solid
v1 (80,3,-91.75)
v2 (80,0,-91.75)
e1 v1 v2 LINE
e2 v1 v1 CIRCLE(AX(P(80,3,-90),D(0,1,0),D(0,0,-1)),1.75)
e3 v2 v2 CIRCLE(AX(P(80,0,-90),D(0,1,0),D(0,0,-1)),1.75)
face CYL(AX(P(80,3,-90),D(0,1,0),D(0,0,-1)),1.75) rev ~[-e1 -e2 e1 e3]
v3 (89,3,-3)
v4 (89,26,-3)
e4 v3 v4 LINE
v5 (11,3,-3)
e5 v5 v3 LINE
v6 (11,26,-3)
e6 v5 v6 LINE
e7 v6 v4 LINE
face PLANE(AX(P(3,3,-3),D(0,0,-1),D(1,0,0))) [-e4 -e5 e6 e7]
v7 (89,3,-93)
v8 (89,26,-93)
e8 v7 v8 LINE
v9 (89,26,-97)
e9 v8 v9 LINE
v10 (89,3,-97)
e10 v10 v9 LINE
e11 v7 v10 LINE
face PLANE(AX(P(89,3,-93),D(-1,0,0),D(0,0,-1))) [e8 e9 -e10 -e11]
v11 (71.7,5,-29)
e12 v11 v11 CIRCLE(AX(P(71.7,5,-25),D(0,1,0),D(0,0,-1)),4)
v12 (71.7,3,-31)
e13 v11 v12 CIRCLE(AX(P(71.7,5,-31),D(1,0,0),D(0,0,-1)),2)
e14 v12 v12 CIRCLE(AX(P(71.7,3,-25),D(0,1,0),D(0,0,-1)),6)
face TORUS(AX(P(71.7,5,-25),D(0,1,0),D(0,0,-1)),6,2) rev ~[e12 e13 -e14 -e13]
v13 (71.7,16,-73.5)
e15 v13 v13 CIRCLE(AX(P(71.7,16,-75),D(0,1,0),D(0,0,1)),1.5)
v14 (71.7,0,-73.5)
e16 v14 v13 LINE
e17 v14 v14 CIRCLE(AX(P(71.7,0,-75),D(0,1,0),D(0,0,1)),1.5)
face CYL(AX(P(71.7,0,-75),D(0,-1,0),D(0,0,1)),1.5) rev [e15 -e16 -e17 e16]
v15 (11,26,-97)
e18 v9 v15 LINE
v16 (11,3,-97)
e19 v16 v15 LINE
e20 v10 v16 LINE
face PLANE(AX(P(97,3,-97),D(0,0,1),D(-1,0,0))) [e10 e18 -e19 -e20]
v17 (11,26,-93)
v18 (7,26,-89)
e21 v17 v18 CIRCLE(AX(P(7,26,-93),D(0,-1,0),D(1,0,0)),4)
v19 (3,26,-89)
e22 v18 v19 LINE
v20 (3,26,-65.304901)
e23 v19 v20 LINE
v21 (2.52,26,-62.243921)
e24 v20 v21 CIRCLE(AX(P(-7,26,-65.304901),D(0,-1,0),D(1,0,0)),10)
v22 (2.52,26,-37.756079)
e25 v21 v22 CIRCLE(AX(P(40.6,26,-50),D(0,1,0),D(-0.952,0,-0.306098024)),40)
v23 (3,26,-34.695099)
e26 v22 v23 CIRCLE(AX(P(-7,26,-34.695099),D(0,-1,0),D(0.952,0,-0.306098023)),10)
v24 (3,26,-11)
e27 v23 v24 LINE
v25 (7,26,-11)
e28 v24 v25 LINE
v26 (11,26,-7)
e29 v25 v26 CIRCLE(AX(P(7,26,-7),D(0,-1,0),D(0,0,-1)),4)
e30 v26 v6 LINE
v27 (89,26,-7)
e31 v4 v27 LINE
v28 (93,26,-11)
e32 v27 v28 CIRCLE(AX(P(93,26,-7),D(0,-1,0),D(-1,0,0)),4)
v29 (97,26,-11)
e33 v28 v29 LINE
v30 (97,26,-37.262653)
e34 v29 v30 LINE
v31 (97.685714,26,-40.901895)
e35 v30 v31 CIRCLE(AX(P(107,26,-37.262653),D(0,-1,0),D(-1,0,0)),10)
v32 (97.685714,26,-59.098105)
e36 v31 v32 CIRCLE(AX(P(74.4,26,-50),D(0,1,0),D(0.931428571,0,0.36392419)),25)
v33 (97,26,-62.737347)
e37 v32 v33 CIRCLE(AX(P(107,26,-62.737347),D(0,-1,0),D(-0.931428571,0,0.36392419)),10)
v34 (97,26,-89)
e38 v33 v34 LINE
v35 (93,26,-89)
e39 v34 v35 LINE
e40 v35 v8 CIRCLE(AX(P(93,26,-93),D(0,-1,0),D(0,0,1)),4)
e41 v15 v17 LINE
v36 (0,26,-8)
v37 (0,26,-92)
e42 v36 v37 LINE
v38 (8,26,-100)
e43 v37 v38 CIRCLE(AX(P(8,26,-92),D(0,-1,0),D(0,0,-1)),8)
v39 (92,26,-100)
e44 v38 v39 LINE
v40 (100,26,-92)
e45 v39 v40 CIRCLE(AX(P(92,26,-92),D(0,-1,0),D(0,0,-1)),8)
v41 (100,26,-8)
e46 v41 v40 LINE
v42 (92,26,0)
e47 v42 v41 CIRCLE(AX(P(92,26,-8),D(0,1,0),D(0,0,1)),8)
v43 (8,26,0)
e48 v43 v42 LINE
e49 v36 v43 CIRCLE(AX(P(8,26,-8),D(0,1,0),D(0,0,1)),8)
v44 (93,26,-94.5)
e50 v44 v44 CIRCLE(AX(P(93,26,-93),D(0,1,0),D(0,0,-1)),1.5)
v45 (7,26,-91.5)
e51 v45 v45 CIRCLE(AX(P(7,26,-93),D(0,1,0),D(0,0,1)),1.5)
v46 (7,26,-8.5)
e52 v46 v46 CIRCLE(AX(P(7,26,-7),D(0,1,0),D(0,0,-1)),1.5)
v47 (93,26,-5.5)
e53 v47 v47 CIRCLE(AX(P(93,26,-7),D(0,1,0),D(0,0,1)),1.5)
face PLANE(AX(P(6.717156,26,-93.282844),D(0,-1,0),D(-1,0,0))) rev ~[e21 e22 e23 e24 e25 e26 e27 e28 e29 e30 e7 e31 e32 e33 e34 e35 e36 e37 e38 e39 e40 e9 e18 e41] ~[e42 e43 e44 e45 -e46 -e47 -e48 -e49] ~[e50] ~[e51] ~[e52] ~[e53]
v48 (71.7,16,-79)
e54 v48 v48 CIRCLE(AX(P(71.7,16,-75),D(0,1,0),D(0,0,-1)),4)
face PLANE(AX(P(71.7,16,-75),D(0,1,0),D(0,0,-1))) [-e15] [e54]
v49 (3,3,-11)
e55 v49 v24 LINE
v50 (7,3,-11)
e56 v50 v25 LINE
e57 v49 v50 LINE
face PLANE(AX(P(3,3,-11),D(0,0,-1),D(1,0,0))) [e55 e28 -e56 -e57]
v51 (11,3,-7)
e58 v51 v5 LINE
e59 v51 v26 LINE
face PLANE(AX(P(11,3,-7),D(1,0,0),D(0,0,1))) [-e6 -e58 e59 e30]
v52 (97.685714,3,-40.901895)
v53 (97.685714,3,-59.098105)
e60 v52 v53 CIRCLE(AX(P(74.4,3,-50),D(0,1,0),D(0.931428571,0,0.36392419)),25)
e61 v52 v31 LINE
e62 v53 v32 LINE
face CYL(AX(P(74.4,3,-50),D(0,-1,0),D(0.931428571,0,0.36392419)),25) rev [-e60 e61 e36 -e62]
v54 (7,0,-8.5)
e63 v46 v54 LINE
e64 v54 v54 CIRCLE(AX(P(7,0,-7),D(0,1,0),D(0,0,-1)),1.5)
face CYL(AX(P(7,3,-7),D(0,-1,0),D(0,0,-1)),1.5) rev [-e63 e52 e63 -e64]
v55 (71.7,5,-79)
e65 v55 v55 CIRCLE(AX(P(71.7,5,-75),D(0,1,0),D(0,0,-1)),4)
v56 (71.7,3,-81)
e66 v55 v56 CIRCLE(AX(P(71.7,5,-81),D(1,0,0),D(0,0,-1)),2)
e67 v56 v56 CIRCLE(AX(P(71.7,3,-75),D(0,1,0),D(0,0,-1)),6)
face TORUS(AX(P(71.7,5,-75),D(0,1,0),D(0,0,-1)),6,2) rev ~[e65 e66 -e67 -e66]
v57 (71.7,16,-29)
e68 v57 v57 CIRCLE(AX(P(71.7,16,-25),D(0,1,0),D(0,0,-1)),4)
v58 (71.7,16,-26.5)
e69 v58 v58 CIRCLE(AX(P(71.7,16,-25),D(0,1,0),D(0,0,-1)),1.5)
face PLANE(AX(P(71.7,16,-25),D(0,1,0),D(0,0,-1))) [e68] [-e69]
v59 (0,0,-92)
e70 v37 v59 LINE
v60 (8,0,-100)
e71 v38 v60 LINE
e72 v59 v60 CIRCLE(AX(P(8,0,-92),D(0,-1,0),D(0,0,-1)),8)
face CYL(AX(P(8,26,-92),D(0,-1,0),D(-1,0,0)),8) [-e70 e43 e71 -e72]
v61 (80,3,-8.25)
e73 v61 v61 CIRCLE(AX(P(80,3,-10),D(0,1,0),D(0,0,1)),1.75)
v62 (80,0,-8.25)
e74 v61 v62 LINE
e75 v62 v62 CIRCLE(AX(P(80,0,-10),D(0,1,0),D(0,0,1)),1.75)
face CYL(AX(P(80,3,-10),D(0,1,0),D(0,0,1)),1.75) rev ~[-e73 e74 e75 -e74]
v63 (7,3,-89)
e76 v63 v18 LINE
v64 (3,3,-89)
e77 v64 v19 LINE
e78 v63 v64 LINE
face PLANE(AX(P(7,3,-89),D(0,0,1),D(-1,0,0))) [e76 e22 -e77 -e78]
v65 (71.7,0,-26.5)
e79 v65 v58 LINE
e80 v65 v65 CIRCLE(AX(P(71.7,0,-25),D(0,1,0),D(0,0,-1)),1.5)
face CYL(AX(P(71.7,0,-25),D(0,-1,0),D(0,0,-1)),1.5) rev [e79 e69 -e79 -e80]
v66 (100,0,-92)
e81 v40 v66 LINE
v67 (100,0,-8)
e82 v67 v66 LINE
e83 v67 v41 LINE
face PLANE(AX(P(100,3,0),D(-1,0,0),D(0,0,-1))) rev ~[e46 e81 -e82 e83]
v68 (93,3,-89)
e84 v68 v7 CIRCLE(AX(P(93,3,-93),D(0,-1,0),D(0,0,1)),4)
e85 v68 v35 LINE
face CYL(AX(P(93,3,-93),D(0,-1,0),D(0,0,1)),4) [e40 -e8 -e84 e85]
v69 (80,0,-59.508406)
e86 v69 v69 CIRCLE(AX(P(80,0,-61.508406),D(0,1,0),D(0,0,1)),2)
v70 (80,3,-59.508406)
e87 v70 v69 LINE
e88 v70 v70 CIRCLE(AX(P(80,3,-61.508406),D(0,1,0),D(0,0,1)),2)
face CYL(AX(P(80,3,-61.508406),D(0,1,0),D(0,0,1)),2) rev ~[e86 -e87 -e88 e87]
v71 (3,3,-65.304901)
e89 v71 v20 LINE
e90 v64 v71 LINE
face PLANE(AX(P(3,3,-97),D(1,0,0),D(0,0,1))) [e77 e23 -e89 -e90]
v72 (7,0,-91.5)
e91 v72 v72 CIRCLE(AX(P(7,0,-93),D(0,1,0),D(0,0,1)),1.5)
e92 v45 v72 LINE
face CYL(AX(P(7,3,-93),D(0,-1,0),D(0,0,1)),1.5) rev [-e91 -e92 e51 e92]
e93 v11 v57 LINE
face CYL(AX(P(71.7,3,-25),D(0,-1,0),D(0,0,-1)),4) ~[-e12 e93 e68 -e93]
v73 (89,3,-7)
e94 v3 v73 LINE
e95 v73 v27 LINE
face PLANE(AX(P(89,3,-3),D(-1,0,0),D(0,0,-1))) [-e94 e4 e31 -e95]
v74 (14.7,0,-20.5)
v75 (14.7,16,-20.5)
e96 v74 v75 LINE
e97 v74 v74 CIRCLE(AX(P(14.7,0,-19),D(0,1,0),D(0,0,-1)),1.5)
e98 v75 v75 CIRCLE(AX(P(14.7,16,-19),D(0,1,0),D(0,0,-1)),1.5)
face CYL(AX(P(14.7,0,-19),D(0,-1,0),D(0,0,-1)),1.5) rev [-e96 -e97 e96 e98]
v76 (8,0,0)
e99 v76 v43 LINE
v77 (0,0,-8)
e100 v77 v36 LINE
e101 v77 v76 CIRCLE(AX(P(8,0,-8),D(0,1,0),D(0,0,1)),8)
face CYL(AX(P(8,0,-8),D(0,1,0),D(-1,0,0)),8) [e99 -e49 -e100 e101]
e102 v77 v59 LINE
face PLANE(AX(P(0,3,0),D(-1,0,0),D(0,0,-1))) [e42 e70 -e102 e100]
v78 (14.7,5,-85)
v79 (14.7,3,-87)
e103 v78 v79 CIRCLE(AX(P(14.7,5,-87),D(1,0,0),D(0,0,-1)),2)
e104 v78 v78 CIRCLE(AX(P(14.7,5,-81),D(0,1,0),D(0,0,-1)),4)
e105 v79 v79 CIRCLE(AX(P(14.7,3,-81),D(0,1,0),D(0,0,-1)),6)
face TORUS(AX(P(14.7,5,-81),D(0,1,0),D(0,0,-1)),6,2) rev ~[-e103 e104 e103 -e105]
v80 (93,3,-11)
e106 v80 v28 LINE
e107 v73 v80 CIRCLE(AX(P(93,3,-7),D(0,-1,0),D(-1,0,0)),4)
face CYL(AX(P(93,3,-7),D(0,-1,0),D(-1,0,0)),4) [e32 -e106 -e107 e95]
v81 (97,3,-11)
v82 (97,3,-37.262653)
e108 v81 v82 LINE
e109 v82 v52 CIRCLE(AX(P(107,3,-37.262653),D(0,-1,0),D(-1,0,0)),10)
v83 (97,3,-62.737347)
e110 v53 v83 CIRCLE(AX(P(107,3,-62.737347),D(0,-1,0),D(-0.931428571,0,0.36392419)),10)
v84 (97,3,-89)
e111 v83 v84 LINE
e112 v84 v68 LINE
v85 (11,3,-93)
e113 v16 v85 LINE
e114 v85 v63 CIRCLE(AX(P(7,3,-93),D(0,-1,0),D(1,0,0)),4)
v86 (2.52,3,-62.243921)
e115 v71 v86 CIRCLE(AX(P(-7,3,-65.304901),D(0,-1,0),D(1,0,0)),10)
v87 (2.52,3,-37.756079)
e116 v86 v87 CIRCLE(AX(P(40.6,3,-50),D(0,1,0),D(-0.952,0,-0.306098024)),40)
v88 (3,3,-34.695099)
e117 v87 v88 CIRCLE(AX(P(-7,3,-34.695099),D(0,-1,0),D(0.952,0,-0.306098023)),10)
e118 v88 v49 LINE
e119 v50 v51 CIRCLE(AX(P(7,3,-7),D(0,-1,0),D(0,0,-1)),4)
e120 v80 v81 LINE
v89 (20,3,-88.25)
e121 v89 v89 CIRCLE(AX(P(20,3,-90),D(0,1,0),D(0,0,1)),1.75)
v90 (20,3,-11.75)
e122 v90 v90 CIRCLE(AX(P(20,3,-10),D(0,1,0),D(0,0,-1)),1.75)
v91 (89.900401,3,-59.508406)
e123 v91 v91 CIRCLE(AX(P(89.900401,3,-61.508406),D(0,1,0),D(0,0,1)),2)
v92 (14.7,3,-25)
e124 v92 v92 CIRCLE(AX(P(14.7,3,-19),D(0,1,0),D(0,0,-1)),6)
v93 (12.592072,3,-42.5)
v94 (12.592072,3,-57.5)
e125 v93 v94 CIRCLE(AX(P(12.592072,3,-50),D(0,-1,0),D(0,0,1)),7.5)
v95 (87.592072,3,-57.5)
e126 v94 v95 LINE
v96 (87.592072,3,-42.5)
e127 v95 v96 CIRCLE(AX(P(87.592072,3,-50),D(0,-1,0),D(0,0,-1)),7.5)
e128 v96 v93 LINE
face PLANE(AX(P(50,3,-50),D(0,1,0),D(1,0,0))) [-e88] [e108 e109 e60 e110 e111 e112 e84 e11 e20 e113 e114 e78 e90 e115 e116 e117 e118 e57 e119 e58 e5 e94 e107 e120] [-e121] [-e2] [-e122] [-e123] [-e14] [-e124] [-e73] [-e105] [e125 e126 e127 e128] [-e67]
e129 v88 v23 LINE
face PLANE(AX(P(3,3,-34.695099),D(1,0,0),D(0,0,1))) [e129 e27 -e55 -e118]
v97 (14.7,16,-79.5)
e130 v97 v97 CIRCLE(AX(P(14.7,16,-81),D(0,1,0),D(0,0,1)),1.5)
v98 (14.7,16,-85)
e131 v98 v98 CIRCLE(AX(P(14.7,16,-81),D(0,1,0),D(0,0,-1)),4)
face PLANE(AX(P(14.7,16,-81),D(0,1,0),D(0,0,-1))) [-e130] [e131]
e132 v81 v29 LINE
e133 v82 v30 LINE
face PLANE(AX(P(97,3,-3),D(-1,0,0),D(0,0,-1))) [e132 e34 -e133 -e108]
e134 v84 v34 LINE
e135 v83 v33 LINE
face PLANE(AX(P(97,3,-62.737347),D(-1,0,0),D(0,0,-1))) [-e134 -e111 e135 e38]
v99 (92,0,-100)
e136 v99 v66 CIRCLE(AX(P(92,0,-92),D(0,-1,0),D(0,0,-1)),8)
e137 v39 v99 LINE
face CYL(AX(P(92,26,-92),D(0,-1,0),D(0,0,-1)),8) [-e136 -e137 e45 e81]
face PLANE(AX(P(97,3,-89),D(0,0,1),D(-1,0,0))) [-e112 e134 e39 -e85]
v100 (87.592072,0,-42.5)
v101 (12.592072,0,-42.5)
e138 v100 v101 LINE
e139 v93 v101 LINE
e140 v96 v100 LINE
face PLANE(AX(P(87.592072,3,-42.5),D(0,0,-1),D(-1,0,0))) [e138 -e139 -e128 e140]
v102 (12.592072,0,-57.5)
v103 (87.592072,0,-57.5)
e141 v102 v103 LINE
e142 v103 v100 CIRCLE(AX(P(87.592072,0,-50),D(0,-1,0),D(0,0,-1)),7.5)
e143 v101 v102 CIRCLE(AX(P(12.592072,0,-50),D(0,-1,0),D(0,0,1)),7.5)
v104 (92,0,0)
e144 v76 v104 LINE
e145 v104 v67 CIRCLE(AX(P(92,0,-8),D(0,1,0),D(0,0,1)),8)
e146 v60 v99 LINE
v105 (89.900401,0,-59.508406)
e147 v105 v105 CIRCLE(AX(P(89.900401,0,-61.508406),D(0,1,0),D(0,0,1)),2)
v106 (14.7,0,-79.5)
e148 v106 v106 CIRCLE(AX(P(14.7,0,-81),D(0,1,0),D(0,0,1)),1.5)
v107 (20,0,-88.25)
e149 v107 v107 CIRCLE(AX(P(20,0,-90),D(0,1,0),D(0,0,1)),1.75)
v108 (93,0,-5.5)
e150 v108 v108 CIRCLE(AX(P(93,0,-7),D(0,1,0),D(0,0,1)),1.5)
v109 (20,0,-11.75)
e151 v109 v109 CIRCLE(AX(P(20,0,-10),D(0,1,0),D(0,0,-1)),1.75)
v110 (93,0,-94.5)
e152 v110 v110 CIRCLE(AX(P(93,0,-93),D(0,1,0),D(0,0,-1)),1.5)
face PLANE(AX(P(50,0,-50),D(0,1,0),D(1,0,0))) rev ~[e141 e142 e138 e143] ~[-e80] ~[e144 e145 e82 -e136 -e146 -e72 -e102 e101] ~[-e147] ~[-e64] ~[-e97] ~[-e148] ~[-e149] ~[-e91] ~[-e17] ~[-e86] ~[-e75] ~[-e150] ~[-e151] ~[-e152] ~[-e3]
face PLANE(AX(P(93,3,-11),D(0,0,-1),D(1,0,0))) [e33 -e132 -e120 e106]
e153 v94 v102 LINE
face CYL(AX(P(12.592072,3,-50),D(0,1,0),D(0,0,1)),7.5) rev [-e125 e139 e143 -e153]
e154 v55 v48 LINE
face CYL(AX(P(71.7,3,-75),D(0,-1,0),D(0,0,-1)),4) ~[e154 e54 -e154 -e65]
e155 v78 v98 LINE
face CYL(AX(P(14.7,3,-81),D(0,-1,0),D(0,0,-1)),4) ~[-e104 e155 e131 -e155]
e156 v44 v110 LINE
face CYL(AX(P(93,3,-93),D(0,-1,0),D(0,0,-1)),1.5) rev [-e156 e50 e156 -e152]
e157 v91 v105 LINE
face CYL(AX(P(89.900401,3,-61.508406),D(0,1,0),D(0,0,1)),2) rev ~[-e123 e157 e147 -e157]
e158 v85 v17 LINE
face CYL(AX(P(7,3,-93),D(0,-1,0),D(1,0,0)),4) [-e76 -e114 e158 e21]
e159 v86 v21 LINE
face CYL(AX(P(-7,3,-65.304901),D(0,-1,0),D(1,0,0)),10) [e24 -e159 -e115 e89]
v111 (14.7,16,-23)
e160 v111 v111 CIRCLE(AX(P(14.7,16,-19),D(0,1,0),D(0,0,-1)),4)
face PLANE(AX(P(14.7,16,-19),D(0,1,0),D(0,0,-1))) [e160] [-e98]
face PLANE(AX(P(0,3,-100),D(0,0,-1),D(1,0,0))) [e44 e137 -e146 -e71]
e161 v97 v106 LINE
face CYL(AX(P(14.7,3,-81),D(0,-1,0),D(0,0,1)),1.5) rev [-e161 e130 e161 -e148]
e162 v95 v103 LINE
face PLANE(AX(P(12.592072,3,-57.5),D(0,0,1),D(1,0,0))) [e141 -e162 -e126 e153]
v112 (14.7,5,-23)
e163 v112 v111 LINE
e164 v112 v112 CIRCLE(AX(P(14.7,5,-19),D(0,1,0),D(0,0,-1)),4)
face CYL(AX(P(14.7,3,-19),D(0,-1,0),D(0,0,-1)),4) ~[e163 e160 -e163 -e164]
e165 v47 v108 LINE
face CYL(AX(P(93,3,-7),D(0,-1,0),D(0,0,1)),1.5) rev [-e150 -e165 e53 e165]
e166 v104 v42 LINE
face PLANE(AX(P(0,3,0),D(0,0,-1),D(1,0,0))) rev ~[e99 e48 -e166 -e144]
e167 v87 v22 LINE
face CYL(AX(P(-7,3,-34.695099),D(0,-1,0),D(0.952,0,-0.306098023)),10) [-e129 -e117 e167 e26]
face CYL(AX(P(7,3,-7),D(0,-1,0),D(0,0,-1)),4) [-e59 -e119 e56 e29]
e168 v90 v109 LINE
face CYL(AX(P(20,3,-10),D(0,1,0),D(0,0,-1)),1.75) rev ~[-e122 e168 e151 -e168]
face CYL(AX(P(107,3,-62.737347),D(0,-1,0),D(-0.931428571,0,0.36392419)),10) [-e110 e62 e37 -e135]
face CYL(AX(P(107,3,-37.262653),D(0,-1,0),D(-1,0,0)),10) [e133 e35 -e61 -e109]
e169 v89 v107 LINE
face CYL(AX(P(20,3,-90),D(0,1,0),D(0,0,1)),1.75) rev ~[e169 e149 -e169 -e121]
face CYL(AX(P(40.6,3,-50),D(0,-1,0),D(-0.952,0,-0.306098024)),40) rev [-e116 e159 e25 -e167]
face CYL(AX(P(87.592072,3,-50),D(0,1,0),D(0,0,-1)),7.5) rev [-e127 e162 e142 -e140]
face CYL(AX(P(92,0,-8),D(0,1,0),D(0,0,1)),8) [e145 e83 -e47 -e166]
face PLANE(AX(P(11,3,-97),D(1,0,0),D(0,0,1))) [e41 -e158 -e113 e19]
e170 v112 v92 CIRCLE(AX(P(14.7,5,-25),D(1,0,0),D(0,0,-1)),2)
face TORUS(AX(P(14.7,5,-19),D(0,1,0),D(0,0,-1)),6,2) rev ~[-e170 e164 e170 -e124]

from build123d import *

# Parameters (mm, degrees)
SKETCH_1_W          = 100
SKETCH_1_H          = 100
SKETCH_1_R          = 1.5
EXTRUDE_1_DEPTH     = 3
SKETCH_4_W          = 100
SKETCH_4_H          = 100
EXTRUDE_4_DEPTH     = 23
SKETCH_5_R          = 4
SKETCH_5_R_2        = 1.5
EXTRUDE_5_DEPTH     = 13
FILLET_2_R          = 2
FILLET_3_R          = 8
SKETCH_7_R          = 1.5
EXTRUDE_6_DEPTH     = 23
SKETCH_8_R          = 1.75
SKETCH_8_R_2        = 2
CUT_EXTRUDE_2_DEPTH = 3


with BuildPart() as part:
    # Эскиз1 → Бобышка-Вытянуть1 (new body)
    with BuildSketch(Plane(origin=(0, 0, 0), x_dir=(1, 0, 0), z_dir=(0, 1, 0))):
        with Locations((50, 50)):
            Rectangle(SKETCH_1_W, SKETCH_1_H)
        with Locations(Location((14.7, 81, 0), (0, 0, 270))):
            Circle(SKETCH_1_R, mode=Mode.SUBTRACT)
        with Locations(Location((71.7, 75, 0), (0, 0, 270))):
            Circle(SKETCH_1_R, mode=Mode.SUBTRACT)
        with Locations(Location((71.7, 25, 0), (0, 0, 90))):
            Circle(SKETCH_1_R, mode=Mode.SUBTRACT)
        with Locations(Location((14.7, 19, 0), (0, 0, 90))):
            Circle(SKETCH_1_R, mode=Mode.SUBTRACT)
        with Locations(Location((7, 93, 0), (0, 0, 270))):
            Circle(SKETCH_1_R, mode=Mode.SUBTRACT)
        with Locations(Location((93, 93, 0), (0, 0, 90))):
            Circle(SKETCH_1_R, mode=Mode.SUBTRACT)
        with Locations(Location((93, 7, 0), (0, 0, 270))):
            Circle(SKETCH_1_R, mode=Mode.SUBTRACT)
        with Locations(Location((7, 7, 0), (0, 0, 90))):
            Circle(SKETCH_1_R, mode=Mode.SUBTRACT)
    extrude(amount=EXTRUDE_1_DEPTH)

    # Эскиз4 → Бобышка-Вытянуть4 (add)
    with BuildSketch(Plane(origin=(0, 3, 0), x_dir=(1, 0, 0), z_dir=(0, 1, 0))):
        with Locations((50, 50)):
            Rectangle(SKETCH_4_W, SKETCH_4_H)
        with BuildLine():
            Line((97, 97), (3, 97))
            Line((3, 97), (3, 65.304901176))
            ThreePointArc((3, 65.304901176), (2.879271228, 63.755707837), (2.52, 62.243920941))
            ThreePointArc((2.52, 62.243920941), (0.6, 50), (2.52, 37.756079059))
            ThreePointArc((2.52, 37.756079059), (2.879271228, 36.244292163), (3, 34.695098824))
            Line((3, 34.695098824), (3, 3))
            Line((3, 3), (97, 3))
            Line((97, 3), (97, 37.262653338))
            ThreePointArc((97, 37.262653338), (97.172923702, 39.114293537), (97.685714286, 40.901895241))
            ThreePointArc((97.685714286, 40.901895241), (99.4, 50), (97.685714286, 59.098104759))
            ThreePointArc((97.685714286, 59.098104759), (97.172923702, 60.885706463), (97, 62.737346662))
            Line((97, 62.737346662), (97, 97))
        make_face(mode=Mode.SUBTRACT)
    extrude(amount=EXTRUDE_4_DEPTH)

    # Эскиз5 → Бобышка-Вытянуть5 (add)
    # profile 1 of 4: a face of its own
    with BuildSketch(Plane(origin=(0, 3, 0), x_dir=(1, 0, 0), z_dir=(0, 1, 0))):
        with Locations(Location((14.7, 81, 0), (0, 0, 90))):
            Circle(SKETCH_5_R)
        with Locations(Location((14.7, 81, 0), (0, 0, 270))):
            Circle(SKETCH_5_R_2, mode=Mode.SUBTRACT)
    # profile 2 of 4: a face of its own
    with BuildSketch(Plane(origin=(0, 3, 0), x_dir=(1, 0, 0), z_dir=(0, 1, 0))):
        with Locations(Location((71.7, 75, 0), (0, 0, 90))):
            Circle(SKETCH_5_R)
        with Locations(Location((71.7, 75, 0), (0, 0, 270))):
            Circle(SKETCH_5_R_2, mode=Mode.SUBTRACT)
    # profile 3 of 4: a face of its own
    with BuildSketch(Plane(origin=(0, 3, 0), x_dir=(1, 0, 0), z_dir=(0, 1, 0))):
        with Locations(Location((71.7, 25, 0), (0, 0, 90))):
            Circle(SKETCH_5_R)
        with Locations(Location((71.7, 25, 0), (0, 0, 90))):
            Circle(SKETCH_5_R_2, mode=Mode.SUBTRACT)
    # profile 4 of 4: a face of its own
    with BuildSketch(Plane(origin=(0, 3, 0), x_dir=(1, 0, 0), z_dir=(0, 1, 0))):
        with Locations(Location((14.7, 19, 0), (0, 0, 90))):
            Circle(SKETCH_5_R)
        with Locations(Location((14.7, 19, 0), (0, 0, 90))):
            Circle(SKETCH_5_R_2, mode=Mode.SUBTRACT)
    extrude(amount=EXTRUDE_5_DEPTH)

    # Скругление2
    fillet_2_edges = [part.edges().sort_by_distance(p)[0] for p in [
        (71.7, 3, -21),
        (14.7, 3, -15),
        (14.7, 3, -77),
        (71.7, 3, -71),
    ]]
    fillet(fillet_2_edges, radius=FILLET_2_R)

    # Скругление3
    fillet_3_edges = [part.edges().sort_by_distance(p)[0] for p in [
        (0, 13, -100),
        (100, 13, -100),
        (100, 13, 0),
        (0, 13, 0),
    ]]
    fillet(fillet_3_edges, radius=FILLET_3_R)

    # Эскиз7 → Бобышка-Вытянуть6 (add)
    # profile 1 of 4: a face of its own
    with BuildSketch(Plane(origin=(0, 3, 0), x_dir=(1, 0, 0), z_dir=(0, 1, 0))):
        with BuildLine():
            Line((3, 89), (3, 97))
            Line((3, 97), (11, 97))
            Line((11, 97), (11, 93))
            ThreePointArc((11, 93), (9.828427125, 90.171572875), (7, 89))
            Line((7, 89), (3, 89))
        make_face()
        with Locations(Location((7, 93, 0), (0, 0, 270))):
            Circle(SKETCH_7_R, mode=Mode.SUBTRACT)
    # profile 2 of 4: a face of its own
    with BuildSketch(Plane(origin=(0, 3, 0), x_dir=(1, 0, 0), z_dir=(0, 1, 0))):
        with BuildLine():
            Line((89, 93), (89, 97))
            Line((89, 97), (97, 97))
            Line((97, 97), (97, 89))
            Line((97, 89), (93, 89))
            ThreePointArc((93, 89), (90.171572875, 90.171572875), (89, 93))
        make_face()
        with Locations(Location((93, 93, 0), (0, 0, 90))):
            Circle(SKETCH_7_R, mode=Mode.SUBTRACT)
    # profile 3 of 4: a face of its own
    with BuildSketch(Plane(origin=(0, 3, 0), x_dir=(1, 0, 0), z_dir=(0, 1, 0))):
        with BuildLine():
            Line((97, 11), (97, 3))
            Line((97, 3), (89, 3))
            Line((89, 3), (89, 7))
            ThreePointArc((89, 7), (90.171572875, 9.828427125), (93, 11))
            Line((93, 11), (97, 11))
        make_face()
        with Locations(Location((93, 7, 0), (0, 0, 270))):
            Circle(SKETCH_7_R, mode=Mode.SUBTRACT)
    # profile 4 of 4: a face of its own
    with BuildSketch(Plane(origin=(0, 3, 0), x_dir=(1, 0, 0), z_dir=(0, 1, 0))):
        with BuildLine():
            Line((11, 7), (11, 3))
            Line((11, 3), (3, 3))
            Line((3, 3), (3, 11))
            Line((3, 11), (7, 11))
            ThreePointArc((7, 11), (9.828427125, 9.828427125), (11, 7))
        make_face()
        with Locations(Location((7, 7, 0), (0, 0, 90))):
            Circle(SKETCH_7_R, mode=Mode.SUBTRACT)
    extrude(amount=EXTRUDE_6_DEPTH)

    # Эскиз8 → Вырез-Вытянуть2 (cut)
    with BuildSketch(Plane(origin=(0, 3, 0), x_dir=(1, 0, 0), z_dir=(0, 1, 0))):
        with Locations(Location((20, 90, 0), (0, 0, 270))):
            Circle(SKETCH_8_R)
        with Locations(Location((80, 90, 0), (0, 0, 90))):
            Circle(SKETCH_8_R)
        with Locations(Location((80, 10, 0), (0, 0, 270))):
            Circle(SKETCH_8_R)
        with Locations(Location((20, 10, 0), (0, 0, 90))):
            Circle(SKETCH_8_R)
        with Locations(Location((89.900400778, 61.508405751, 0), (0, 0, 270))):
            Circle(SKETCH_8_R_2)
        with Locations(Location((80, 61.508405751, 0), (0, 0, 270))):
            Circle(SKETCH_8_R_2)
        with BuildLine():
            Line((12.592071992, 57.5), (87.592071992, 57.5))
            ThreePointArc((87.592071992, 57.5), (95.092071992, 50), (87.592071992, 42.5))
            Line((87.592071992, 42.5), (12.592071992, 42.5))
            ThreePointArc((12.592071992, 42.5), (5.092071992, 50), (12.592071992, 57.5))
        make_face()
    extrude(amount=-CUT_EXTRUDE_2_DEPTH, mode=Mode.SUBTRACT)


solid = part.part
